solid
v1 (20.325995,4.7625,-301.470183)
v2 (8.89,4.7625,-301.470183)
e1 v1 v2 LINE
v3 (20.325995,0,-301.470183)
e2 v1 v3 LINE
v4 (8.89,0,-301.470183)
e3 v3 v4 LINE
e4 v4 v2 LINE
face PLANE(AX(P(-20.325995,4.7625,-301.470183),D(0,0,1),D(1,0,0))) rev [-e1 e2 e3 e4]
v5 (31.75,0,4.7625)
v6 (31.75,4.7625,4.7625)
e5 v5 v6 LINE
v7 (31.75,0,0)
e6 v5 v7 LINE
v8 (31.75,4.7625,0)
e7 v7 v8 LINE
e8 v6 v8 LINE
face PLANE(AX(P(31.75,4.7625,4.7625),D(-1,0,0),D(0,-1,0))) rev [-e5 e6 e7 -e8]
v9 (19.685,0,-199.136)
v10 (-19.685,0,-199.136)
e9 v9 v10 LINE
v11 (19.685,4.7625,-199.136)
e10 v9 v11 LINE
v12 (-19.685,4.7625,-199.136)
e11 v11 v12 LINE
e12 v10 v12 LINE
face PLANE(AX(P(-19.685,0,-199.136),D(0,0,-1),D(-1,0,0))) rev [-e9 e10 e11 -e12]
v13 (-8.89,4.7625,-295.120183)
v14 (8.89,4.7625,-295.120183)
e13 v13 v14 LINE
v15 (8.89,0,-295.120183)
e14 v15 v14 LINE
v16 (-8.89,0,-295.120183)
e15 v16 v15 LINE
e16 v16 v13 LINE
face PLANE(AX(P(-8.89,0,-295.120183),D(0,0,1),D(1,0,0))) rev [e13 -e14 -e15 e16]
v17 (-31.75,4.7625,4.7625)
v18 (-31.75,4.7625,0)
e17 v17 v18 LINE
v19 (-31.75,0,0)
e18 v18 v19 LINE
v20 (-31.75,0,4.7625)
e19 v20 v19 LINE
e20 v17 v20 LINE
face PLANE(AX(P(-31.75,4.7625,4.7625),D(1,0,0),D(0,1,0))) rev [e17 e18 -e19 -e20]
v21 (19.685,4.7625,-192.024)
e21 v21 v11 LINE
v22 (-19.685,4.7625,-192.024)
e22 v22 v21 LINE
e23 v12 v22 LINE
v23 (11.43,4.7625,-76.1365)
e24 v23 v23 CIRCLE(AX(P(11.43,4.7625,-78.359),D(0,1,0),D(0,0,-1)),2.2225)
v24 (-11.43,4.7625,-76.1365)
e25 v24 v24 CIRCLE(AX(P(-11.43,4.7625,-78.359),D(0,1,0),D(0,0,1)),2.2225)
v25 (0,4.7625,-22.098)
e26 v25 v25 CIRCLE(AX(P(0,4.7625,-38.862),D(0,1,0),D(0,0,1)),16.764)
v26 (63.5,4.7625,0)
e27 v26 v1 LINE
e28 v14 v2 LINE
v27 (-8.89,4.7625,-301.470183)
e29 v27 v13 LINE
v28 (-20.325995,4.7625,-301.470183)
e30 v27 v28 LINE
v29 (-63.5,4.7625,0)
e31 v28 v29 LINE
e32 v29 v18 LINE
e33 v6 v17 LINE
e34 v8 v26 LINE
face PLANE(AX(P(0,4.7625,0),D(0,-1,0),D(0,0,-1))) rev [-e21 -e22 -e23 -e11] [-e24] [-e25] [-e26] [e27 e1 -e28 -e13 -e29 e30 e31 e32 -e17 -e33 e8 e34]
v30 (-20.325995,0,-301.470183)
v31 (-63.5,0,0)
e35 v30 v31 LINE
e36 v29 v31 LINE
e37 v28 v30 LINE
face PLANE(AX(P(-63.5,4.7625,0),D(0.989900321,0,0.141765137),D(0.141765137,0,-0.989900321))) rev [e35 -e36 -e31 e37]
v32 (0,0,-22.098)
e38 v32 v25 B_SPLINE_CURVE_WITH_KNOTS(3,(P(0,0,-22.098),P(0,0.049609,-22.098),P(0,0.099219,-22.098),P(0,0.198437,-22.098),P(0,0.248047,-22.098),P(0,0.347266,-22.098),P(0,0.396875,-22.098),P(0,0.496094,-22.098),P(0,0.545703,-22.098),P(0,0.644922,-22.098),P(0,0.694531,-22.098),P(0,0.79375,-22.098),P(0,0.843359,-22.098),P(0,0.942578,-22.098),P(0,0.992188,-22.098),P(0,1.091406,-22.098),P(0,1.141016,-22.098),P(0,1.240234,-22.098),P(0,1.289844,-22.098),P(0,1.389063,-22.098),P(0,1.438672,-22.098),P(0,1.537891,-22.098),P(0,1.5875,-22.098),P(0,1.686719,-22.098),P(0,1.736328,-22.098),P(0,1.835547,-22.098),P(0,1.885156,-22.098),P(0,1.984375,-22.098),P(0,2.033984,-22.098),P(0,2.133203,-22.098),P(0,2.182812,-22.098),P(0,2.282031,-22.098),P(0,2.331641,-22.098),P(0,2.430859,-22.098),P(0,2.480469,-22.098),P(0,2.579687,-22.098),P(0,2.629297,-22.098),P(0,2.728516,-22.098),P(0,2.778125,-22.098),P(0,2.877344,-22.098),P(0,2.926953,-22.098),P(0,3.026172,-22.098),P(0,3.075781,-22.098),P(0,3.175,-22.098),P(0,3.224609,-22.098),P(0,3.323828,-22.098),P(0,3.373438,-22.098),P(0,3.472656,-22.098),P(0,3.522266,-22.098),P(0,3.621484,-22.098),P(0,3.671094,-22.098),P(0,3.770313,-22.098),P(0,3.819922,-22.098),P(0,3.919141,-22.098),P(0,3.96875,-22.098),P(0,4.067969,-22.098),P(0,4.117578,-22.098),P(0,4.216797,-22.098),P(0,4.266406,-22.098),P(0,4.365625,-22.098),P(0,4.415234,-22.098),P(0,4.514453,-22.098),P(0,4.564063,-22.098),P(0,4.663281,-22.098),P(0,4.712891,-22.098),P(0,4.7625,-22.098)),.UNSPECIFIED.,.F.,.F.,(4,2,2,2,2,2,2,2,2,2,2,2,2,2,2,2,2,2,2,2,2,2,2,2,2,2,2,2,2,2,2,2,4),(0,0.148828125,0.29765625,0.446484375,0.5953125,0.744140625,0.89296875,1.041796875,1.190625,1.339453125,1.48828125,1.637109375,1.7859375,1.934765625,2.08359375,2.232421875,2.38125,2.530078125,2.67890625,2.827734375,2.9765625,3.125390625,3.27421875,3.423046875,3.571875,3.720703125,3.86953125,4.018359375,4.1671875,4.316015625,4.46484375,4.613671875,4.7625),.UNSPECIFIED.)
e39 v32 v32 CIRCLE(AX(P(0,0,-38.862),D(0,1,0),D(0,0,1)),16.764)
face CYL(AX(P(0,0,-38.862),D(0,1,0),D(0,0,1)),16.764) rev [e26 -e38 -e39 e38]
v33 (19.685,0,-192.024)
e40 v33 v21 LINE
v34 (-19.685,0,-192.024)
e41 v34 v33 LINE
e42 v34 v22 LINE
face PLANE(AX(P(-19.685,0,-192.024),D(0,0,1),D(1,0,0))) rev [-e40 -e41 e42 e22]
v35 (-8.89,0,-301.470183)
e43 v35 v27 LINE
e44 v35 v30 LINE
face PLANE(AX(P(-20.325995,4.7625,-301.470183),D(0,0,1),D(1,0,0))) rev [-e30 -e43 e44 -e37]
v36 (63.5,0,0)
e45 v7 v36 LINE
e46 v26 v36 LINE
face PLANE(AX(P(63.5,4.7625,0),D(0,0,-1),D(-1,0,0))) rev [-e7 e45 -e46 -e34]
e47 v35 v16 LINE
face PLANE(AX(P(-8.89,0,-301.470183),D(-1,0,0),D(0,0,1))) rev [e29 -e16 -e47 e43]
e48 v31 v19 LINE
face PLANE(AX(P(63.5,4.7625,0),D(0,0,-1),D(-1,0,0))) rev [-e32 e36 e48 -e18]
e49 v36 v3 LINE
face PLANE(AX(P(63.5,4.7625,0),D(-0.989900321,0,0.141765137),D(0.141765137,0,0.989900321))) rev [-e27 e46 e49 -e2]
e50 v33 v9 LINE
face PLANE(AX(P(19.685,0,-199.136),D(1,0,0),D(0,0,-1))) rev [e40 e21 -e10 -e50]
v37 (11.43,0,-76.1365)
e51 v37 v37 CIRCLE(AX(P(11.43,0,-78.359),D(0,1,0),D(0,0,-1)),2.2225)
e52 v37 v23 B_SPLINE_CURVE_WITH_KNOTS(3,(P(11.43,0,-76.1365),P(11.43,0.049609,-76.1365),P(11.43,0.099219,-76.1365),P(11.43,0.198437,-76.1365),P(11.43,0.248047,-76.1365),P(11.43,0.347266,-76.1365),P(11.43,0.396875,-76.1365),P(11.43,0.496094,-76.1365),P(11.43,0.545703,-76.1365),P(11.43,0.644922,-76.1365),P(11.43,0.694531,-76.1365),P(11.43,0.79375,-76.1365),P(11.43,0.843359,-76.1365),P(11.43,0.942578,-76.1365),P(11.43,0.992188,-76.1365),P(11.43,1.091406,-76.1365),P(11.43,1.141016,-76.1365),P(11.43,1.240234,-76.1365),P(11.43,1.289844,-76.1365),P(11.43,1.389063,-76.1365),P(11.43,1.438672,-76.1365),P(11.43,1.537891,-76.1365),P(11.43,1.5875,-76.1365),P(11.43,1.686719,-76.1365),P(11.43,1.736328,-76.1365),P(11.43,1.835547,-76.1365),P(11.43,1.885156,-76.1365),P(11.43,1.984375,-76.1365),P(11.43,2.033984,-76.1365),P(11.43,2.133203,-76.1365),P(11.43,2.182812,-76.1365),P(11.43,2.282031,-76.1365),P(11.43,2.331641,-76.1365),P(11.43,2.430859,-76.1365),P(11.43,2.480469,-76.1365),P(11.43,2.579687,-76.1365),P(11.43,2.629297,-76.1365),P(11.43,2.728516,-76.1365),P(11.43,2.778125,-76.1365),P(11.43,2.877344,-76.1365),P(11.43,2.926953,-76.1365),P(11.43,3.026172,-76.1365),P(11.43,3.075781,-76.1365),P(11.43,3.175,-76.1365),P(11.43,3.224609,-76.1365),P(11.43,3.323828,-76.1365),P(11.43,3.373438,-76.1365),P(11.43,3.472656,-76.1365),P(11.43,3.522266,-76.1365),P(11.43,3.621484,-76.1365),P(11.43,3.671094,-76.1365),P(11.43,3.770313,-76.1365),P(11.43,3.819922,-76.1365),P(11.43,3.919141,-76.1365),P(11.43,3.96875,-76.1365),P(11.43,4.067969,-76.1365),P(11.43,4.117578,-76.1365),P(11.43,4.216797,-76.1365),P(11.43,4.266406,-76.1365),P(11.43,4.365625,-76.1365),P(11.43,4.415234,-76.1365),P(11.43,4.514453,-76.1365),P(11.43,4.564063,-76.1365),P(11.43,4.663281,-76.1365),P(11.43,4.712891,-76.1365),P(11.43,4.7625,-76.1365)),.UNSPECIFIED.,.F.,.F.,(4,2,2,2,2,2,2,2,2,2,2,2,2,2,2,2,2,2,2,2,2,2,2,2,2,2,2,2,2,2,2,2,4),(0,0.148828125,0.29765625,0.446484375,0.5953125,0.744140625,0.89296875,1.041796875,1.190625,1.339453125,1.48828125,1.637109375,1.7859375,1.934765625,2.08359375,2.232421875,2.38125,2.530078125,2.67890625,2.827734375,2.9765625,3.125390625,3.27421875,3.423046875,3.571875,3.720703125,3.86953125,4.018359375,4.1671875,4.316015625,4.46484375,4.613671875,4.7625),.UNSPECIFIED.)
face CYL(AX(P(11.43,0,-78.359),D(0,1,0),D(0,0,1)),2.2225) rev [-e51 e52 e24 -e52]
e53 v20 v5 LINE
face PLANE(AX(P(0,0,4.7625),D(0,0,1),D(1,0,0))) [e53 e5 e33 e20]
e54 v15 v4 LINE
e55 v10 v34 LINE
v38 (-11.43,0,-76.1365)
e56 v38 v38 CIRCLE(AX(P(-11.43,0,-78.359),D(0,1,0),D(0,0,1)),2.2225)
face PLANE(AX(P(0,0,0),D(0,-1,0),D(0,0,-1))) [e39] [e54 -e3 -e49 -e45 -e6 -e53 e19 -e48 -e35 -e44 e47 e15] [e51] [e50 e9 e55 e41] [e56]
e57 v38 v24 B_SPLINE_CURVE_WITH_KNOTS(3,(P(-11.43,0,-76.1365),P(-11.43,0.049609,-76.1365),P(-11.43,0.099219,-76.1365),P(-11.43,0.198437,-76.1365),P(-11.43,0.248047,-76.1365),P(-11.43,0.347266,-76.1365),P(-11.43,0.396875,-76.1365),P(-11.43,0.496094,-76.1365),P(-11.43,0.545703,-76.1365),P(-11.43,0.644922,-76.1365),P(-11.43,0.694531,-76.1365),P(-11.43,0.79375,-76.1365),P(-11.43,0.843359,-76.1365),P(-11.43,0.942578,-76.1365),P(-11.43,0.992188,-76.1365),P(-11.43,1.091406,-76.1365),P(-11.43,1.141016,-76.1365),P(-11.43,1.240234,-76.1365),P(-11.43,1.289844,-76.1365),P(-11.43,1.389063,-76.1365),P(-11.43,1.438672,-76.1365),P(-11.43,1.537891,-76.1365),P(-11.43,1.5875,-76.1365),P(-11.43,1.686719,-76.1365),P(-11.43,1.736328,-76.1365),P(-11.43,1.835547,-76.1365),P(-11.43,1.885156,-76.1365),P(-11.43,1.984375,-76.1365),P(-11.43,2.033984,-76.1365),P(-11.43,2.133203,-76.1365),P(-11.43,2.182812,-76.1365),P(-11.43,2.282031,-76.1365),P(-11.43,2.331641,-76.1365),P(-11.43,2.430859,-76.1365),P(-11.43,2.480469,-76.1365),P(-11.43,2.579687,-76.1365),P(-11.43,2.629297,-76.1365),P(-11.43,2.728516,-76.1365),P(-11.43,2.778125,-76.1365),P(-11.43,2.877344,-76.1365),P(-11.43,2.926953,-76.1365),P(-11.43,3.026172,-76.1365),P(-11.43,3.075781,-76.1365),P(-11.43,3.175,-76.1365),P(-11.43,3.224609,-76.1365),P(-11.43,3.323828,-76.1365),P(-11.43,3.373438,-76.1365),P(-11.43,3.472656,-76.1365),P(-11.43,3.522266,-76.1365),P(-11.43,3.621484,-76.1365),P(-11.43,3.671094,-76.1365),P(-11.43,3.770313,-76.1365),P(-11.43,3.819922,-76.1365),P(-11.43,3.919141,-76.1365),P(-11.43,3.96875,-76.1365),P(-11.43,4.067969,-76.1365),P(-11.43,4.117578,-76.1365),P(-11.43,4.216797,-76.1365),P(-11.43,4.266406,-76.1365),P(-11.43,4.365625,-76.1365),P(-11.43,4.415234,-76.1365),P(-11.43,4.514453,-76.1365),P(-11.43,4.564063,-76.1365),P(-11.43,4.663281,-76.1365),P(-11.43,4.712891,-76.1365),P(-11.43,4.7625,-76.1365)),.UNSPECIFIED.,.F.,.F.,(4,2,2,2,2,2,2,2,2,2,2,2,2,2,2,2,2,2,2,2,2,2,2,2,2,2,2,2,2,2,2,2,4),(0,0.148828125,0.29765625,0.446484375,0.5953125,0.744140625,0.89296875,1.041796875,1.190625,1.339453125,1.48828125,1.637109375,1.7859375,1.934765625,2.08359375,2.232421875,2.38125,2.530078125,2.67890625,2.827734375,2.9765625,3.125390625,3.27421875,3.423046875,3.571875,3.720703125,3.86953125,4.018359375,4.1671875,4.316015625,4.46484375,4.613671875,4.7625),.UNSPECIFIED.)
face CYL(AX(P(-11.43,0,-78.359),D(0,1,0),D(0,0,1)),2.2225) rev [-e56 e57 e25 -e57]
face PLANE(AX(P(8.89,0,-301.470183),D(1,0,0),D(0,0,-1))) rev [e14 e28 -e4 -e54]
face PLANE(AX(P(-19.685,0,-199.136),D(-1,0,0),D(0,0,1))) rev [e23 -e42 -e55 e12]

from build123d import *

# Parameters (mm, degrees)
BOSS_EXTRUDE1_DEPTH = 4.7625
SKETCH2_R           = 16.764
SKETCH2_R_2         = 2.2225
SKETCH2_W           = 17.78
SKETCH2_H           = 6.35
SKETCH2_W_2         = 39.37
SKETCH2_H_2         = 7.112
CUT_EXTRUDE1_DEPTH  = 309.122058256
SKETCH3_W           = 63.5
SKETCH3_H           = 4.7625
BOSS_EXTRUDE2_DEPTH = 4.7625


with BuildPart() as part:
    # Sketch1 → Boss-Extrude1 (new body)
    with BuildSketch(Plane(origin=(0, 0, 0), x_dir=(1, 0, 0), z_dir=(0, 1, 0))):
        Polygon((63.5, 0), (-63.5, 0), (-20.325994648, 301.470183232), (20.325994648, 301.470183232), align=None)
    extrude(amount=BOSS_EXTRUDE1_DEPTH)

    # Sketch2 → Cut-Extrude1 (cut, through all)
    with BuildSketch(Plane(origin=(0, 4.7625, 0), x_dir=(1, 0, 0), z_dir=(0, 1, 0))):
        with Locations(Location((0, 38.862, 0), (0, 0, 270))):
            Circle(SKETCH2_R)
        with Locations(Location((-11.43, 78.359, 0), (0, 0, 270))):
            Circle(SKETCH2_R_2)
        with Locations(Location((11.43, 78.359, 0), (0, 0, 270))):
            Circle(SKETCH2_R_2)
        with Locations((0, 298.295183232)):
            Rectangle(SKETCH2_W, SKETCH2_H)
        with Locations((0, 195.58)):
            Rectangle(SKETCH2_W_2, SKETCH2_H_2)
    extrude(amount=-CUT_EXTRUDE1_DEPTH, mode=Mode.SUBTRACT)

    # Sketch3 → Boss-Extrude2 (add)
    with BuildSketch(Plane.XY):
        with Locations((0, 2.38125)):
            Rectangle(SKETCH3_W, SKETCH3_H)
    extrude(amount=BOSS_EXTRUDE2_DEPTH)


solid = part.part
